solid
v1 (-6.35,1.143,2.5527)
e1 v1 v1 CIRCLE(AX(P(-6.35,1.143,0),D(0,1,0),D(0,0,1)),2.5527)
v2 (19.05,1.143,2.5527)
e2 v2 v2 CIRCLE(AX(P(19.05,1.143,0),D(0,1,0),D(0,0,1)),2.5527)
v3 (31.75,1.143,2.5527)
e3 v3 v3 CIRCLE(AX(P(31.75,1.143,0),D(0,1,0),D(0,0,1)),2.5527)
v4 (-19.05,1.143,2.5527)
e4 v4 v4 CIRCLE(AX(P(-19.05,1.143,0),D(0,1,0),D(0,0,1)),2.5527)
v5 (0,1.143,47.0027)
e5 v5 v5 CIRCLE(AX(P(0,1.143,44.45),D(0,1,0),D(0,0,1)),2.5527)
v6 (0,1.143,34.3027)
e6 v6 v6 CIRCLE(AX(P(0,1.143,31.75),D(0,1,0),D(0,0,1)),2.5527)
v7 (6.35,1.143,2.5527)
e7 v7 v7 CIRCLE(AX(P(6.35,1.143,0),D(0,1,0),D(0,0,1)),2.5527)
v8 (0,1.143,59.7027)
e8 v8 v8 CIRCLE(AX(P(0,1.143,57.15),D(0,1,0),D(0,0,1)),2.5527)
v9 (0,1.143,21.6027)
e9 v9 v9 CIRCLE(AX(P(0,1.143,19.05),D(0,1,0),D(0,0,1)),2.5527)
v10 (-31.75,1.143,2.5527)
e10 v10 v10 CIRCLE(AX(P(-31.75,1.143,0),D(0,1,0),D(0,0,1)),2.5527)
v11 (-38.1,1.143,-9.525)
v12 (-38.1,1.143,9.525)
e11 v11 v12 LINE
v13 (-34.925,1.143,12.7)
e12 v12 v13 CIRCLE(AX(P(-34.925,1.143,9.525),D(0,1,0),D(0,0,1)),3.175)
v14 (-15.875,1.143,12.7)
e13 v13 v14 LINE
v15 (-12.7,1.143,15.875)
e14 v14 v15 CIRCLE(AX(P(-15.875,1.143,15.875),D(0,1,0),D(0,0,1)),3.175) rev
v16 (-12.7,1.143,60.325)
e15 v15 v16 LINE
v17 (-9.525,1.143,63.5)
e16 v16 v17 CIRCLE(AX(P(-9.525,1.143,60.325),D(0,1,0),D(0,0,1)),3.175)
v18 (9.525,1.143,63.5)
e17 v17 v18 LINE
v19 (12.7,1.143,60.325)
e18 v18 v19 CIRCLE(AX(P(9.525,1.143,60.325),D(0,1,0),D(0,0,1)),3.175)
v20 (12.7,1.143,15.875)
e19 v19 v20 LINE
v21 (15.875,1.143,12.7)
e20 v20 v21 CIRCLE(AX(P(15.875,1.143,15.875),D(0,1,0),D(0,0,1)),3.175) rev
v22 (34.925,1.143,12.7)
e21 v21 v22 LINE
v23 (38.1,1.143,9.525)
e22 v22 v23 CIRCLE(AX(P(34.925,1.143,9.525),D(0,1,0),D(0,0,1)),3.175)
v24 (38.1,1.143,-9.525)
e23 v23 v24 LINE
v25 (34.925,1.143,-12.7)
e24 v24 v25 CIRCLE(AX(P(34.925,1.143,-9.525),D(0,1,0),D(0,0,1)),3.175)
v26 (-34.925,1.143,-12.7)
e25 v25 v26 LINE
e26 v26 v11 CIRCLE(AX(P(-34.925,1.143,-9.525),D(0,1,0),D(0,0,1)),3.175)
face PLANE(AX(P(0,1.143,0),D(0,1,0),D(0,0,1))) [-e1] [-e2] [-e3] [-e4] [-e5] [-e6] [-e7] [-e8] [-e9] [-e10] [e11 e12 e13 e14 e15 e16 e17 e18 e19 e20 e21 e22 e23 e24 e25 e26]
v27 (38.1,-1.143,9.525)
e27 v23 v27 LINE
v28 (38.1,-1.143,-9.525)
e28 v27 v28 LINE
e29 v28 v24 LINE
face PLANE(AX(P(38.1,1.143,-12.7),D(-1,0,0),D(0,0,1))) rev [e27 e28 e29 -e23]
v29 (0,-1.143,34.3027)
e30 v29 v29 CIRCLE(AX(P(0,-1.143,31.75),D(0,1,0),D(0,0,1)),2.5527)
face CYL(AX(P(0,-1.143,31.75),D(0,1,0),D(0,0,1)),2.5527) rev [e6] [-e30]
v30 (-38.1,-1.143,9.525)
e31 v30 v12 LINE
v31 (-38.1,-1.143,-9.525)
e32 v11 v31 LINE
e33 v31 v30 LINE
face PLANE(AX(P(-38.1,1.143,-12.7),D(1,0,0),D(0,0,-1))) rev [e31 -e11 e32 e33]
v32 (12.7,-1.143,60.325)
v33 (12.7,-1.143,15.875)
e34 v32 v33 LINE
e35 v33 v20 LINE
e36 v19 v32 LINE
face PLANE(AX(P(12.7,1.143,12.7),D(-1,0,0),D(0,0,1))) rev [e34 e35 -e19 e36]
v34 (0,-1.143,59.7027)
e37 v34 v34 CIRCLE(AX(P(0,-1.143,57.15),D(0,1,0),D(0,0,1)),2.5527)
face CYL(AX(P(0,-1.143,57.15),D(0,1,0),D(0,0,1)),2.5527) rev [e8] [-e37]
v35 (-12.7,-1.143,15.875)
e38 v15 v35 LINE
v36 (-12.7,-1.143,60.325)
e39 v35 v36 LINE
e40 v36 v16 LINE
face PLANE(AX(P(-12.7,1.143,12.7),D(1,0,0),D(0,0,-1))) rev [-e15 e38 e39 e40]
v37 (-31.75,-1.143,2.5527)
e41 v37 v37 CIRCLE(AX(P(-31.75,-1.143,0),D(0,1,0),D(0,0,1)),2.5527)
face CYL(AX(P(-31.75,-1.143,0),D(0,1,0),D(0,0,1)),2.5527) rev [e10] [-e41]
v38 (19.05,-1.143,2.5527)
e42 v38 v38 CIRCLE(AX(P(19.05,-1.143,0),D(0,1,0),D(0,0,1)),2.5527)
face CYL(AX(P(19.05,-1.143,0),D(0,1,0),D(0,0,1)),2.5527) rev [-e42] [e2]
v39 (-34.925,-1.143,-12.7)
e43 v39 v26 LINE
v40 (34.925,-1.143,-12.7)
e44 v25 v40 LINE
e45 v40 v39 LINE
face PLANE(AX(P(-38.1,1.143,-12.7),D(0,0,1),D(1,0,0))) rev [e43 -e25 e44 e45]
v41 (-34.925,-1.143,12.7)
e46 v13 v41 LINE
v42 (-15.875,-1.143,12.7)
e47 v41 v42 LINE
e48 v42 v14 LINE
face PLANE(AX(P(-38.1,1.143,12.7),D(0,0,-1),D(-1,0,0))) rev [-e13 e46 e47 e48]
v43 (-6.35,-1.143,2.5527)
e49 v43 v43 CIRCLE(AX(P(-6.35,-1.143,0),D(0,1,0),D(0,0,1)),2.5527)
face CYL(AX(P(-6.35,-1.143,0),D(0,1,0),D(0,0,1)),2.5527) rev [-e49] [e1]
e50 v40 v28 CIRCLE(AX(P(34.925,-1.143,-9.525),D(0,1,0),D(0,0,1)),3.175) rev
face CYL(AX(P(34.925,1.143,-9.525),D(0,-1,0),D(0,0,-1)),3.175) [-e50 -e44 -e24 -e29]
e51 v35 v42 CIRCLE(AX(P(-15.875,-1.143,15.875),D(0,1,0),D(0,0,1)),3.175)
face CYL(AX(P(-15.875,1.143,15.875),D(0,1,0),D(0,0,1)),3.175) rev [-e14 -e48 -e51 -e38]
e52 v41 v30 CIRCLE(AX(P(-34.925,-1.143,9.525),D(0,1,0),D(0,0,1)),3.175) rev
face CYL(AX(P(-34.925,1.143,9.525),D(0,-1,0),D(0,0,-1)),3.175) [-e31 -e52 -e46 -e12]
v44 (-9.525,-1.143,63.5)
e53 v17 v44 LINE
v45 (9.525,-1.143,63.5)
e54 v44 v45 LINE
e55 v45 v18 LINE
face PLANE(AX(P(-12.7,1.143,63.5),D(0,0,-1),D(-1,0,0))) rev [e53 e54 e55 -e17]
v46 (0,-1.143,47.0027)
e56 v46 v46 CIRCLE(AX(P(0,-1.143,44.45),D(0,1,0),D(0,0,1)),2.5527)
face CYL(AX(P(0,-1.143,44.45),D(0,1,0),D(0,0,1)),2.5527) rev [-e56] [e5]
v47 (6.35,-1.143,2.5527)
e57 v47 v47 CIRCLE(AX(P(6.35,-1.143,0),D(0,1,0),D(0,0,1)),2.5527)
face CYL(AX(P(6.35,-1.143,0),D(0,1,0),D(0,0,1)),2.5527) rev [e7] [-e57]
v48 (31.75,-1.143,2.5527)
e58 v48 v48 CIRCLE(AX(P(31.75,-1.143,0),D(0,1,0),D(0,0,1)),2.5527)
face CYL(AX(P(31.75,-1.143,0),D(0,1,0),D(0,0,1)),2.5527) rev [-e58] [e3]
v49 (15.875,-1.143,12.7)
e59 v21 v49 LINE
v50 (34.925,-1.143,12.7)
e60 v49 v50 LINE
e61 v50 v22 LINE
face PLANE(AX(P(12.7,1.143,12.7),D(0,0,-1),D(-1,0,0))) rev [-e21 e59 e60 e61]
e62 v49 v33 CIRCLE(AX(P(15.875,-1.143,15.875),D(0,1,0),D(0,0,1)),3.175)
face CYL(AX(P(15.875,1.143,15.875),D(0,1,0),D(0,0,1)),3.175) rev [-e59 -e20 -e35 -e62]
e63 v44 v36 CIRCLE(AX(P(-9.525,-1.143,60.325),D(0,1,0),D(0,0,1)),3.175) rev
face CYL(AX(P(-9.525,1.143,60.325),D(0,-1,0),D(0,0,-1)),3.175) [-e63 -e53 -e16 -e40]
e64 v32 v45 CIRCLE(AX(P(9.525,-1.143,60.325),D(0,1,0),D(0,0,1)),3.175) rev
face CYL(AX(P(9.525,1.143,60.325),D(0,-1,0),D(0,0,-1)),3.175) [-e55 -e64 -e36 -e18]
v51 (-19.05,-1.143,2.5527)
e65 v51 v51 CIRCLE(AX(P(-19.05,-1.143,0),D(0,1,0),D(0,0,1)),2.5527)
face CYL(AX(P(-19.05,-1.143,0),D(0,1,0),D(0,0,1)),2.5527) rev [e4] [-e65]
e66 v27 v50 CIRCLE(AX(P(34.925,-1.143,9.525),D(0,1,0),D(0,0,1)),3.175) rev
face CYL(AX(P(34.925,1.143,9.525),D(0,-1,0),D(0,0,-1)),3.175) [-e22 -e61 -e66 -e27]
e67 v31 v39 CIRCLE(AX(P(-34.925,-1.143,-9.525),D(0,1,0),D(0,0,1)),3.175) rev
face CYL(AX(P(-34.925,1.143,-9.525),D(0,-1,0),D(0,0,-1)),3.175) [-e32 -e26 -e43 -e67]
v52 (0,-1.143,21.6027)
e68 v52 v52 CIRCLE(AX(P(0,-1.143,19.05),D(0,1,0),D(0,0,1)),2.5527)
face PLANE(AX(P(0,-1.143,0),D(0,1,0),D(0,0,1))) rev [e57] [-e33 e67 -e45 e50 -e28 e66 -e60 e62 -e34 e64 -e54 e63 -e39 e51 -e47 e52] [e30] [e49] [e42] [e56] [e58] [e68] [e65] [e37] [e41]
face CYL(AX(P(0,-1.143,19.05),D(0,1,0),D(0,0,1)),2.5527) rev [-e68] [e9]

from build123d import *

# Parameters (mm, degrees)
BOSS_EXTRUDE1_DEPTH = 1.143
SKETCH2_R           = 2.5527
CUT_EXTRUDE1_DEPTH  = 75.088364782
FILLET1_R           = 3.175


with BuildPart() as part:
    # Sketch1 → Boss-Extrude1 (new, symmetric)
    with BuildSketch(Plane(origin=(0, 0, 0), x_dir=(1, 0, 0), z_dir=(0, 1, 0))):
        Polygon((12.7, -12.7), (38.1, -12.7), (38.1, 12.7), (-38.1, 12.7), (-38.1, -12.7), (-12.7, -12.7), (-12.7, -63.5), (12.7, -63.5), align=None)
    extrude(amount=BOSS_EXTRUDE1_DEPTH, both=True)

    # Sketch2 → Cut-Extrude1 (cut, through all)
    with BuildSketch(Plane(origin=(0, 1.143, 0), x_dir=(1, 0, 0), z_dir=(0, 1, 0))):
        with Locations(Location((-31.75, 0, 0), (0, 0, 270))):
            Circle(SKETCH2_R)
        with Locations(Location((-19.05, 0, 0), (0, 0, 270))):
            Circle(SKETCH2_R)
        with Locations(Location((-6.35, 0, 0), (0, 0, 270))):
            Circle(SKETCH2_R)
        with Locations(Location((6.35, 0, 0), (0, 0, 270))):
            Circle(SKETCH2_R)
        with Locations(Location((19.05, 0, 0), (0, 0, 270))):
            Circle(SKETCH2_R)
        with Locations(Location((0, -57.15, 0), (0, 0, 270))):
            Circle(SKETCH2_R)
        with Locations(Location((31.75, 0, 0), (0, 0, 270))):
            Circle(SKETCH2_R)
        with Locations(Location((0, -44.45, 0), (0, 0, 270))):
            Circle(SKETCH2_R)
        with Locations(Location((0, -31.75, 0), (0, 0, 270))):
            Circle(SKETCH2_R)
        with Locations(Location((0, -19.05, 0), (0, 0, 270))):
            Circle(SKETCH2_R)
    extrude(amount=-CUT_EXTRUDE1_DEPTH, mode=Mode.SUBTRACT)

    # Fillet1
    fillet1_edges = [part.edges().sort_by_distance(p)[0] for p in [
        (38.1, 0, 12.7),
        (12.7, 0, 12.7),
        (12.7, 0, 63.5),
        (-12.7, 0, 63.5),
        (-12.7, 0, 12.7),
        (-38.1, 0, 12.7),
        (-38.1, 0, -12.7),
        (38.1, 0, -12.7),
    ]]
    fillet(fillet1_edges, radius=FILLET1_R)


solid = part.part
